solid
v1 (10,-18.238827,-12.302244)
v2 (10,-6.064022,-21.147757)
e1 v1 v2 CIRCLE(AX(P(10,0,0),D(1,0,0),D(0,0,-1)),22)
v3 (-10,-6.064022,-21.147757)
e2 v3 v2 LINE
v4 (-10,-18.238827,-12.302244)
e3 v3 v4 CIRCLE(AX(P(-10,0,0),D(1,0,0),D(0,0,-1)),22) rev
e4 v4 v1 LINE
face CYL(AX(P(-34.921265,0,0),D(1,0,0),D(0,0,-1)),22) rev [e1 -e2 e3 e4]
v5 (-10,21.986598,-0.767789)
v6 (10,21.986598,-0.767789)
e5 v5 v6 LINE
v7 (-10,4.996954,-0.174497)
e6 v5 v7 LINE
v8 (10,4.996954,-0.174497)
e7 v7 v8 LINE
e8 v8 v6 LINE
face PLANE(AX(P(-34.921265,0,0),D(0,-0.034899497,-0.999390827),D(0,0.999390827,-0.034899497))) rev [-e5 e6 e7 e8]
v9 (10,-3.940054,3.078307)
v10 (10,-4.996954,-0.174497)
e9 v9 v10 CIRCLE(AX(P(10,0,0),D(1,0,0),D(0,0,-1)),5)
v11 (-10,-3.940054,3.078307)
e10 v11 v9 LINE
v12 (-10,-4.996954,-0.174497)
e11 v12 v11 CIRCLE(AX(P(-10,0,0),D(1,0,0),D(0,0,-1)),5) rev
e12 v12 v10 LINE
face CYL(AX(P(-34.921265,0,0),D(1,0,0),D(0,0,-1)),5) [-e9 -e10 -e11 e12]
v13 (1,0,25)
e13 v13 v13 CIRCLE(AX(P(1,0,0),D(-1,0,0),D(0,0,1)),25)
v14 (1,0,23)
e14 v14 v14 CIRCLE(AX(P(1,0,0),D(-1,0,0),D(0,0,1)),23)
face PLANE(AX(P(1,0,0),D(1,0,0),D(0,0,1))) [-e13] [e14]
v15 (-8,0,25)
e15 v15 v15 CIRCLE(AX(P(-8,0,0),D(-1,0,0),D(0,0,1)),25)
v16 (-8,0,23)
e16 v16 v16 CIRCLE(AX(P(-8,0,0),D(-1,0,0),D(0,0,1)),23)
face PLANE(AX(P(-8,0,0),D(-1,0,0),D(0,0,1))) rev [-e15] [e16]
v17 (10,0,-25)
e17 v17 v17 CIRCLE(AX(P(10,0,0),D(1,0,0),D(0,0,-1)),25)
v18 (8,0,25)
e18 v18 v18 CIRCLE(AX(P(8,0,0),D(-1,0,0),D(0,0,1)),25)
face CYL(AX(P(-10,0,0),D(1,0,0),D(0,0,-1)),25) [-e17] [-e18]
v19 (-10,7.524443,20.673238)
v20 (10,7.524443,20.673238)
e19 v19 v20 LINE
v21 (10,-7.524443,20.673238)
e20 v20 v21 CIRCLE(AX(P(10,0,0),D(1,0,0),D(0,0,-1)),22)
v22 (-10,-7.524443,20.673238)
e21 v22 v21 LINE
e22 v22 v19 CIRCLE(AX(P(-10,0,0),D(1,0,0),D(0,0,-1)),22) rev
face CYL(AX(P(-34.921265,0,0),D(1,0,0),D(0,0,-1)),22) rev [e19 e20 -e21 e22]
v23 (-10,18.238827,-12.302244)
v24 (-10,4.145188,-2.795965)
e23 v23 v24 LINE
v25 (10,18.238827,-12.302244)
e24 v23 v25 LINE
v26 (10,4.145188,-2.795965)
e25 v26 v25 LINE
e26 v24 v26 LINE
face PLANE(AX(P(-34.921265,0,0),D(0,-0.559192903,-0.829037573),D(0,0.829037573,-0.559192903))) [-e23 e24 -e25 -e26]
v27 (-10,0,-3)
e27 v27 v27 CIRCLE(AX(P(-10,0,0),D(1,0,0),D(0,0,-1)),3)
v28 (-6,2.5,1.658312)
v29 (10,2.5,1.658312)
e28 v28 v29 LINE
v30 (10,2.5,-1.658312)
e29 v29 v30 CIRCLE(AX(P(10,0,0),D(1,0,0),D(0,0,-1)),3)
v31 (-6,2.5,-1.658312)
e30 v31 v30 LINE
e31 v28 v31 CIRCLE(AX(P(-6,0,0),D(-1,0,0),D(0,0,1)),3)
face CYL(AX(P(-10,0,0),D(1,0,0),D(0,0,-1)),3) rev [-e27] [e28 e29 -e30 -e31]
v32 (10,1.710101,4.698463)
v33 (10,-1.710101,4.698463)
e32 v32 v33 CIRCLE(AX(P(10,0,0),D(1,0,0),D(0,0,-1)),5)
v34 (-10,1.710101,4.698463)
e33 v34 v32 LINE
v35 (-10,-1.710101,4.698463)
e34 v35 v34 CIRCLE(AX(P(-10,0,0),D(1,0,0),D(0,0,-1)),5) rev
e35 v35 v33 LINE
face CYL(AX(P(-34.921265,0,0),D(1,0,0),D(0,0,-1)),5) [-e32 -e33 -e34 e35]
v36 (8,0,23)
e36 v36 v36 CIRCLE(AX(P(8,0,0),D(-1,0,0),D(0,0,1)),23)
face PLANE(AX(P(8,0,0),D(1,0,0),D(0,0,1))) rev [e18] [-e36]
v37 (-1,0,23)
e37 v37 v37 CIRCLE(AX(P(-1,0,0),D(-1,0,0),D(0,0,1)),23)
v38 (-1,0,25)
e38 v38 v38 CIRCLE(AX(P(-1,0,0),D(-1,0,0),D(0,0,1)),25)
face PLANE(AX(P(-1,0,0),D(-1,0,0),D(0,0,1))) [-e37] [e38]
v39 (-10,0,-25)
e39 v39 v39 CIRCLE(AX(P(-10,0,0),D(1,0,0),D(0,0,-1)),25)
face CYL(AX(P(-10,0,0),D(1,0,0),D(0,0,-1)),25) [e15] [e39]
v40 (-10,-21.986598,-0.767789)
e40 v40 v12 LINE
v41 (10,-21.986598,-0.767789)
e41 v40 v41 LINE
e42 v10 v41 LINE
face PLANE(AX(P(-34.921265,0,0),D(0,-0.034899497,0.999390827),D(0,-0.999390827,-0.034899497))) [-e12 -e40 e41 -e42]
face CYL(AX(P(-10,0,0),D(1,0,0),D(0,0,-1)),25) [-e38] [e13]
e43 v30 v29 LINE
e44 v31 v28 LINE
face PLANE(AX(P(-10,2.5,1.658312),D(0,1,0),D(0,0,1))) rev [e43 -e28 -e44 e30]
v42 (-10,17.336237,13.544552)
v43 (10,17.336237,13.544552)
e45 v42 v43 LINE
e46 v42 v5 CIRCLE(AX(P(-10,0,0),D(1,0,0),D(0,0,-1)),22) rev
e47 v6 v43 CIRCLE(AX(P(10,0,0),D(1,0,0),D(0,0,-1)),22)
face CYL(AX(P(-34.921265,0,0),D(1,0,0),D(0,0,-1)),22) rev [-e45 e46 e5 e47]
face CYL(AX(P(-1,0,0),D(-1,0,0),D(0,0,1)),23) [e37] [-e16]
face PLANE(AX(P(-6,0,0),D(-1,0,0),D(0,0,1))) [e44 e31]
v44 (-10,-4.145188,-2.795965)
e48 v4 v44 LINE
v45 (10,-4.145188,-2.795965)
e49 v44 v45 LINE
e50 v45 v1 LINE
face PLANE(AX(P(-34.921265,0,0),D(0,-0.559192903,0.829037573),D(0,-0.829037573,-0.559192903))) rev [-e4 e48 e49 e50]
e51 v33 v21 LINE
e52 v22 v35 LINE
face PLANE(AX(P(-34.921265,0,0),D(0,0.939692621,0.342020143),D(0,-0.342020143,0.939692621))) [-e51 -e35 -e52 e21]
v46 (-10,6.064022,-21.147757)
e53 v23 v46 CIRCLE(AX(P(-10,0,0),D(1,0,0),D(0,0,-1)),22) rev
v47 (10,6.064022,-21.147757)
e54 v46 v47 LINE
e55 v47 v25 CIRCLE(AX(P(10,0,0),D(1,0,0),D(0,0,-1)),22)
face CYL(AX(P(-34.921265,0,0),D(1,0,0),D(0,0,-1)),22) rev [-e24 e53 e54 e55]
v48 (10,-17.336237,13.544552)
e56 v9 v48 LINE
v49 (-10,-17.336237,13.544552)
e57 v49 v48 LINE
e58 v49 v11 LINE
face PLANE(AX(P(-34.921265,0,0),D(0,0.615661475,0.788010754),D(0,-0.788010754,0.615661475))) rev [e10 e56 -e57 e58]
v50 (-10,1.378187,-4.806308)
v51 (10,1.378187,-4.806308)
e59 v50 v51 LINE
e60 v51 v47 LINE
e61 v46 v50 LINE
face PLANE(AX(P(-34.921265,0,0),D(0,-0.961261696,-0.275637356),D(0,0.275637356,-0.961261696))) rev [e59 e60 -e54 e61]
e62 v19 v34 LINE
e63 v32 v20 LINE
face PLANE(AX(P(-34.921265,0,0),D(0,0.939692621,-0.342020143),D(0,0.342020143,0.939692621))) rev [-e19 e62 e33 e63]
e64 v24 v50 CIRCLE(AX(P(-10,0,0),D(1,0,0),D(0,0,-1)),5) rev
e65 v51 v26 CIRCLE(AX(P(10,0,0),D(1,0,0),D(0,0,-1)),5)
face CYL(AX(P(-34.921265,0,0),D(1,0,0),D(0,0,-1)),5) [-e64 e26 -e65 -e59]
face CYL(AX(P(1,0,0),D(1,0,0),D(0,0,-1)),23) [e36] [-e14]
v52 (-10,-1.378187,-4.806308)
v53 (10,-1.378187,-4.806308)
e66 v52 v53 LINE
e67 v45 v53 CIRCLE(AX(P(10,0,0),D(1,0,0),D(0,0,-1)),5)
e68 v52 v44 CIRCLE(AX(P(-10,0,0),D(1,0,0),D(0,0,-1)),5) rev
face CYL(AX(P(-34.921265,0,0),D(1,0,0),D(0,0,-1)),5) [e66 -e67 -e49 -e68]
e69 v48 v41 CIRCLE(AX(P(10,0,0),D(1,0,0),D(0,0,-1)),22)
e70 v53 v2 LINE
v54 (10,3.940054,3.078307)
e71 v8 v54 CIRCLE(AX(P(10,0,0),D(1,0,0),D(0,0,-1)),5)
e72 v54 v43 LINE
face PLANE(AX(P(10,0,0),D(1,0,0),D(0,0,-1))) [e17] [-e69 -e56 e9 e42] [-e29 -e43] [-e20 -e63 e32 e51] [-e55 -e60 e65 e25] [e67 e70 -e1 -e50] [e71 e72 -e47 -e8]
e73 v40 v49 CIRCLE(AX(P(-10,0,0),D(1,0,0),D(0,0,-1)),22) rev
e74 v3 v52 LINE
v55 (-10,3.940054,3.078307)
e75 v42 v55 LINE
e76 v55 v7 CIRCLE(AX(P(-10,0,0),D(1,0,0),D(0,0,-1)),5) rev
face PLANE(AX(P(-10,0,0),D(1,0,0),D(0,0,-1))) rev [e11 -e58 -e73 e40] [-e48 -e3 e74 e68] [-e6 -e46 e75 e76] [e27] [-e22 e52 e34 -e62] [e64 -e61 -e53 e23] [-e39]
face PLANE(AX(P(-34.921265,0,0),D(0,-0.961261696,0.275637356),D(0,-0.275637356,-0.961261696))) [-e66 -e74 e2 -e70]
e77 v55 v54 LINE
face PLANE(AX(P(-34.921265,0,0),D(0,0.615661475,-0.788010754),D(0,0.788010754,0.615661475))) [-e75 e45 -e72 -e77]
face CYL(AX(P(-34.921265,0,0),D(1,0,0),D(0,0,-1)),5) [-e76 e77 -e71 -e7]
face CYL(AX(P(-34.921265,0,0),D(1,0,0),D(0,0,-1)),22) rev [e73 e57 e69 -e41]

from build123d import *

# Parameters (mm, degrees)
BASE_DEPTH          = 10
BASE_DEPTH_BACK     = 10
ESQUISSE1_R         = 25
ESQUISSE2_R         = 25
ESQUISSE2_R_2       = 23
VIDE_GORGE_DEPTH    = 7
VIDE_JANTE_DEPTH    = 20
ESQUISSE6_R         = 3
VIDE_BLOC_AXE_DEPTH = 4


with BuildPart() as part:
    # Esquisse1 → BASE (new, two sides: drawn at the far end of the back side and taken through both)
    with BuildSketch(Plane(origin=(0, 0, 0), x_dir=(0, 0, -1), z_dir=(1, 0, 0)).offset(-BASE_DEPTH_BACK)):
        Circle(ESQUISSE1_R)
        with BuildLine():
            Line((-1.658312395, 2.5), (1.658312395, 2.5))
            ThreePointArc((1.658312395, 2.5), (0, -3), (-1.658312395, 2.5))
        make_face(mode=Mode.SUBTRACT)
    extrude(amount=BASE_DEPTH + BASE_DEPTH_BACK)

    # Esquisse2 → VIDE GORGE (cut)
    with BuildSketch(Plane.ZY.offset(8)):
        with Locations(Location((0, 0, 0), (0, 0, 180))):
            Circle(ESQUISSE2_R)
        Circle(ESQUISSE2_R_2, mode=Mode.SUBTRACT)
    vide_gorge = extrude(amount=-VIDE_GORGE_DEPTH, mode=Mode.SUBTRACT)

    # SYM GORGE: VIDE GORGE across plane
    add(vide_gorge.mirror(Plane(origin=(0, 0, 0), x_dir=(0, 0, 1), z_dir=(1, 0, 0))), mode=Mode.SUBTRACT)

    # Esquisse4 → VIDE JANTE (cut)
    with BuildSketch(Plane(origin=(10, 0, 0), x_dir=(0, 0, -1), z_dir=(1, 0, 0))):
        with BuildLine():
            Line((-22, 0), (-5, 0))
            ThreePointArc((-5, 0), (-4.924038765, 0.868240888), (-4.698463104, 1.710100717))
            Line((-4.698463104, 1.710100717), (-20.673237657, 7.524443153))
            ThreePointArc((-20.673237657, 7.524443153), (-21.665770566, 3.820259909), (-22, 0))
        make_face()
        with BuildLine():
            ThreePointArc((-4.698463104, -1.710100717), (-4.924038765, -0.868240888), (-5, 0))
            Line((-5, 0), (-22, 0))
            ThreePointArc((-22, 0), (-21.665770566, -3.820259909), (-20.673237657, -7.524443153))
            Line((-20.673237657, -7.524443153), (-4.698463104, -1.710100717))
        make_face()
        with BuildLine():
            Line((-13.544552457, 17.336236579), (-3.078307377, 3.940053768))
            ThreePointArc((-3.078307377, 3.940053768), (-1.545084972, 4.755282581), (0.174497484, 4.996954135))
            Line((0.174497484, 4.996954135), (0.767788927, 21.986598194))
            ThreePointArc((0.767788927, 21.986598194), (-6.798373876, 20.923243358), (-13.544552457, 17.336236579))
        make_face()
        with BuildLine():
            Line((12.302243876, 18.238826596), (2.795964517, 4.145187863))
            ThreePointArc((2.795964517, 4.145187863), (4.045084972, 2.938926261), (4.80630848, 1.378186779))
            Line((4.80630848, 1.378186779), (21.147757311, 6.064021828))
            ThreePointArc((21.147757311, 6.064021828), (17.798373876, 12.93127555), (12.302243876, 18.238826596))
        make_face()
        with BuildLine():
            ThreePointArc((4.80630848, -1.378186779), (4.045084972, -2.938926261), (2.795964517, -4.145187863))
            Line((2.795964517, -4.145187863), (12.302243876, -18.238826596))
            ThreePointArc((12.302243876, -18.238826596), (17.798373876, -12.93127555), (21.147757311, -6.064021828))
            Line((21.147757311, -6.064021828), (4.80630848, -1.378186779))
        make_face()
        with BuildLine():
            ThreePointArc((0.174497484, -4.996954135), (-1.545084972, -4.755282581), (-3.078307377, -3.940053768))
            Line((-3.078307377, -3.940053768), (-13.544552457, -17.336236579))
            ThreePointArc((-13.544552457, -17.336236579), (-6.798373876, -20.923243358), (0.767788927, -21.986598194))
            Line((0.767788927, -21.986598194), (0.174497484, -4.996954135))
        make_face()
    extrude(amount=-VIDE_JANTE_DEPTH, mode=Mode.SUBTRACT)

    # Esquisse6 → VIDE BLOC AXE (cut)
    with BuildSketch(Plane.ZY.offset(10)):
        with Locations(Location((0, 0, 0), (0, 0, 180))):
            Circle(ESQUISSE6_R)
    extrude(amount=-VIDE_BLOC_AXE_DEPTH, mode=Mode.SUBTRACT)


solid = part.part
